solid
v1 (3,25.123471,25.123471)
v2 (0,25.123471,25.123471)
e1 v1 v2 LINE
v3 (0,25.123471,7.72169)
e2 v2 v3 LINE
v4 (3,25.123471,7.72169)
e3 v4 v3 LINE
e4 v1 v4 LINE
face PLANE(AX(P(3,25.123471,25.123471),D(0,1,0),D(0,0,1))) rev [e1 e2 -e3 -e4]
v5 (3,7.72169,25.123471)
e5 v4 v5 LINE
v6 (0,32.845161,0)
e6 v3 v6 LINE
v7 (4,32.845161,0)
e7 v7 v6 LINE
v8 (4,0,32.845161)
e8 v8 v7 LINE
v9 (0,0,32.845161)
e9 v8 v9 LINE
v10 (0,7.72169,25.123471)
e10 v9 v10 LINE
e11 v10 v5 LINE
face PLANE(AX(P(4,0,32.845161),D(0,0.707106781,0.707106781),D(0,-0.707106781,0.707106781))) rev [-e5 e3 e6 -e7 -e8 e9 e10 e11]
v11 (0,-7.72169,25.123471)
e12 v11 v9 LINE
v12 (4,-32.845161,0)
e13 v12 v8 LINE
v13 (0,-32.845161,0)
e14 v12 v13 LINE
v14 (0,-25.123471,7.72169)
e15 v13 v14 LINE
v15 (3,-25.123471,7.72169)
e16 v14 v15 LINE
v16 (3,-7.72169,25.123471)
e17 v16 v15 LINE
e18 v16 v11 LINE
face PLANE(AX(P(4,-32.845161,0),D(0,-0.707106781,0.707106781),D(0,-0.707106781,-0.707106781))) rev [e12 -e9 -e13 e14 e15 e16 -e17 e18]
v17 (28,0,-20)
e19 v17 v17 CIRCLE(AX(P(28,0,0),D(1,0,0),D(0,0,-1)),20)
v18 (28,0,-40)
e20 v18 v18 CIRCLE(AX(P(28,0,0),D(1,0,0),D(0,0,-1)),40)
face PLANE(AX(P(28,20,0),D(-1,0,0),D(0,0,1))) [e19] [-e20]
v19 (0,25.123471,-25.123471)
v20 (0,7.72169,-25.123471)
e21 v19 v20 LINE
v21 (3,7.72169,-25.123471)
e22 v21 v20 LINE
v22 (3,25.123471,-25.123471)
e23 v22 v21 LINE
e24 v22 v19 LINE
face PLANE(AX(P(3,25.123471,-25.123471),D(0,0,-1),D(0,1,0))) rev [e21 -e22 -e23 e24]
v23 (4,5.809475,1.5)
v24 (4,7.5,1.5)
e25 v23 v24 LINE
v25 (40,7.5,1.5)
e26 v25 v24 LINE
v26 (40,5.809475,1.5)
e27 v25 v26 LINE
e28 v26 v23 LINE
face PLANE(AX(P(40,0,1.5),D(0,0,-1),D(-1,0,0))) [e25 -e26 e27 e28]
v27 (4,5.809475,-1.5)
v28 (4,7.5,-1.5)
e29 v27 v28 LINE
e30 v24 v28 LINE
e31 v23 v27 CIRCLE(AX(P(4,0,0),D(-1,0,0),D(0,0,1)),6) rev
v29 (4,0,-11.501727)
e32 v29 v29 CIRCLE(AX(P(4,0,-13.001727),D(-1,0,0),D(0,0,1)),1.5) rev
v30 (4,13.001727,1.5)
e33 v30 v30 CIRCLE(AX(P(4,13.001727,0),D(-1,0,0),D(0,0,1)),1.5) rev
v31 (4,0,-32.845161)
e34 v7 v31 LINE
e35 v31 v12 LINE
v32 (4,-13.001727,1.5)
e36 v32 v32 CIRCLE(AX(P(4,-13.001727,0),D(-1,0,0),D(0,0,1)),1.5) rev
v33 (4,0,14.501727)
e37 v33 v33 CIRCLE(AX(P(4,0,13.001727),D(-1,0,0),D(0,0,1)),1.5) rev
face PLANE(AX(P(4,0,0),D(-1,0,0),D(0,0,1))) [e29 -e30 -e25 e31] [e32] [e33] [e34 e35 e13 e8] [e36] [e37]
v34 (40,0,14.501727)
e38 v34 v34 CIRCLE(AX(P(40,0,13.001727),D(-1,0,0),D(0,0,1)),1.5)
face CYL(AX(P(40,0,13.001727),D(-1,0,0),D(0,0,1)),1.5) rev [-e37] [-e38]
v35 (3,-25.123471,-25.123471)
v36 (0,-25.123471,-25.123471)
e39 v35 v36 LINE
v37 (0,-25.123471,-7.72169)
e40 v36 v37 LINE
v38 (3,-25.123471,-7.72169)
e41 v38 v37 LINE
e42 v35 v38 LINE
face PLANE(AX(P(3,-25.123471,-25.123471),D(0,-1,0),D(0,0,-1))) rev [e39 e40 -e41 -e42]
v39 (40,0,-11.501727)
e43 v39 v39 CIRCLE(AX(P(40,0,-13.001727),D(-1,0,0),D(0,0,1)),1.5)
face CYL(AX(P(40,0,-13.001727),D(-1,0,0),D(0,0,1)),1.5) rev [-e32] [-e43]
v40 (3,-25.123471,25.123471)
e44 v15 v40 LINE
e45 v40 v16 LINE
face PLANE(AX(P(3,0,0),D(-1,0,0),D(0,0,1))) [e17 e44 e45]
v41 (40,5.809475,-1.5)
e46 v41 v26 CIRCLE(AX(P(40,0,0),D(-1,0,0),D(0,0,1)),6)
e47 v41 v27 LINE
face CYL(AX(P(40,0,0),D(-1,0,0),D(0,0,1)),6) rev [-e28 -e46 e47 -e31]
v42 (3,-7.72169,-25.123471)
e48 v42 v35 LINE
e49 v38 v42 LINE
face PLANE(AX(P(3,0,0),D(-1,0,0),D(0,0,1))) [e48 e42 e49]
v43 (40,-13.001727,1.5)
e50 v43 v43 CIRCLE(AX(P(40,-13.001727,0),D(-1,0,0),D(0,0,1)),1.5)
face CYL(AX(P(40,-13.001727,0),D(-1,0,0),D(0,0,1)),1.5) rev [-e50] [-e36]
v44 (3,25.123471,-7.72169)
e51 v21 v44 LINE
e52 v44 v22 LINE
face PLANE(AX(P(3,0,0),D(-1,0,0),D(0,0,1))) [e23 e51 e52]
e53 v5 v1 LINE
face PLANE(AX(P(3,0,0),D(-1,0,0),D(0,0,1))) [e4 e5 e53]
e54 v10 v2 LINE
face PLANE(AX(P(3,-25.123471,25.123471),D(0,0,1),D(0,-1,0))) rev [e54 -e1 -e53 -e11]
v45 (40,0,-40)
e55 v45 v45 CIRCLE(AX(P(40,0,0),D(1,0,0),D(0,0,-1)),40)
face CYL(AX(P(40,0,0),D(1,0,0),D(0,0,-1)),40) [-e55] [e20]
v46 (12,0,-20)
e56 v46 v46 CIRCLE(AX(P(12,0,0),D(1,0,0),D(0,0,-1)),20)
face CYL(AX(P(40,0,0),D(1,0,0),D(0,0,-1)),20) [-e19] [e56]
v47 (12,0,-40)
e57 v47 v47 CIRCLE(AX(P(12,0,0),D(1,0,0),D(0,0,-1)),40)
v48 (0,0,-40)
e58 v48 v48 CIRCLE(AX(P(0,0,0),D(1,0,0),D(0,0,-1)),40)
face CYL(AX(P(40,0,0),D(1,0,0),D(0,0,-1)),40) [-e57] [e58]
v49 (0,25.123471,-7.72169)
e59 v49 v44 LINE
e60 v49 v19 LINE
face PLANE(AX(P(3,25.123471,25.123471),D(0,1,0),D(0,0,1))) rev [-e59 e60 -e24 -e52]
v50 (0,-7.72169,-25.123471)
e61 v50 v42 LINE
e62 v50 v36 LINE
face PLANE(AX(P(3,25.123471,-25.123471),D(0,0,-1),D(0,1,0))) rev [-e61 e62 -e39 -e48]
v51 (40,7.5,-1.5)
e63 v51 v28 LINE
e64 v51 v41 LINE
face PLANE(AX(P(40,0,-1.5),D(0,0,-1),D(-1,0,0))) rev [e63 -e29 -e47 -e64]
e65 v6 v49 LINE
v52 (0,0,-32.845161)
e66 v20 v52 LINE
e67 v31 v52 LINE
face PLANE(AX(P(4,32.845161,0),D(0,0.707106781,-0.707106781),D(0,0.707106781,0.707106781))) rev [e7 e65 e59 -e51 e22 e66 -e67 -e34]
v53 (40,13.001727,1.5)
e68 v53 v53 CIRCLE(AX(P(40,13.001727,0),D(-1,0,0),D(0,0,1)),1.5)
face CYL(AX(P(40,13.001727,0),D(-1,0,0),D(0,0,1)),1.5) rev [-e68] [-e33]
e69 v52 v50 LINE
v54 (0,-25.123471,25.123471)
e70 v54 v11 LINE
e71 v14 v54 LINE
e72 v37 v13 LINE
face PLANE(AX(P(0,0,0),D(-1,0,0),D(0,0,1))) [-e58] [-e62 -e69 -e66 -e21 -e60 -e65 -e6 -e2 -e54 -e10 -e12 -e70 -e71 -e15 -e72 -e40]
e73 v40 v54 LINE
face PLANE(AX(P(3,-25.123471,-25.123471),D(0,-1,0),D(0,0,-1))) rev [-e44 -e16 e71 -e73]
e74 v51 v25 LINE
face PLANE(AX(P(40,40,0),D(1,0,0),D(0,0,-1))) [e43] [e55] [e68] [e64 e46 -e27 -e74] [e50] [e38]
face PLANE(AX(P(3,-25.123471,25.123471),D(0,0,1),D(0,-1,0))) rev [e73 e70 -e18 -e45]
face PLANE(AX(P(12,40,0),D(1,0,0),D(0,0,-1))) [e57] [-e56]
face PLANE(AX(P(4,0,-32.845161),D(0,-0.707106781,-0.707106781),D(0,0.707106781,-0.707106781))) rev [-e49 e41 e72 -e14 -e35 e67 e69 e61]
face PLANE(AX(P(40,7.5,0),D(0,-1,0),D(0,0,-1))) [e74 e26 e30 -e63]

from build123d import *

# Parameters (mm, degrees)
ESBO_O6_R             = 6
CORTE_EXTRUS_O3_DEPTH = 41
ESBO_O7_R             = 1.5
CORTE_EXTRUS_O4_DEPTH = 41
CORTE_EXTRUS_O6_DEPTH = 4
ESBO_O10_W            = 50.246941072
ESBO_O10_H            = 50.246941072
CORTE_EXTRUS_O7_DEPTH = 3


with BuildPart() as part:
    # Esboço5 → Revolução1 (revolve)
    with BuildSketch(Plane.XY):
        Polygon((0, 0), (0, 40), (12, 40), (12, 20), (28, 20), (28, 40), (40, 40), (40, 0), align=None)
    revolve(axis=Axis((40, 0, 0), (-1, 0, 0)))

    # Esboço6 → Corte-extrusão3 (cut, through all)
    with BuildSketch(Plane.ZY):
        Circle(ESBO_O6_R)
        with BuildLine():
            Line((0, 7.5), (-1.5, 7.5))
            Line((-1.5, 7.5), (-1.5, 5.809475019))
            ThreePointArc((-1.5, 5.809475019), (0, 6), (1.5, 5.809475019))
            Line((1.5, 5.809475019), (1.5, 7.5))
            Line((1.5, 7.5), (0, 7.5))
        make_face()
    extrude(amount=-CORTE_EXTRUS_O3_DEPTH, mode=Mode.SUBTRACT)

    # Esboço7 → Corte-extrusão4 (cut, through all)
    with BuildSketch(Plane.ZY):
        with Locations((0, 13.001726509)):
            Circle(ESBO_O7_R)
        with Locations((13.001726509, 0)):
            Circle(ESBO_O7_R)
        with Locations((0, -13.001726509)):
            Circle(ESBO_O7_R)
        with Locations((-13.001726509, 0)):
            Circle(ESBO_O7_R)
    extrude(amount=-CORTE_EXTRUS_O4_DEPTH, mode=Mode.SUBTRACT)

    # Esboço9 → Corte-extrusão6 (cut)
    with BuildSketch(Plane.ZY):
        Polygon((0, -32.845160811), (32.845160811, 0), (0, 32.845160811), (-32.845160811, 0), align=None)
    extrude(amount=-CORTE_EXTRUS_O6_DEPTH, mode=Mode.SUBTRACT)

    # Esboço10 → Corte-extrusão7 (cut)
    with BuildSketch(Plane.ZY):
        Rectangle(ESBO_O10_W, ESBO_O10_H)
    extrude(amount=-CORTE_EXTRUS_O7_DEPTH, mode=Mode.SUBTRACT)


solid = part.part
